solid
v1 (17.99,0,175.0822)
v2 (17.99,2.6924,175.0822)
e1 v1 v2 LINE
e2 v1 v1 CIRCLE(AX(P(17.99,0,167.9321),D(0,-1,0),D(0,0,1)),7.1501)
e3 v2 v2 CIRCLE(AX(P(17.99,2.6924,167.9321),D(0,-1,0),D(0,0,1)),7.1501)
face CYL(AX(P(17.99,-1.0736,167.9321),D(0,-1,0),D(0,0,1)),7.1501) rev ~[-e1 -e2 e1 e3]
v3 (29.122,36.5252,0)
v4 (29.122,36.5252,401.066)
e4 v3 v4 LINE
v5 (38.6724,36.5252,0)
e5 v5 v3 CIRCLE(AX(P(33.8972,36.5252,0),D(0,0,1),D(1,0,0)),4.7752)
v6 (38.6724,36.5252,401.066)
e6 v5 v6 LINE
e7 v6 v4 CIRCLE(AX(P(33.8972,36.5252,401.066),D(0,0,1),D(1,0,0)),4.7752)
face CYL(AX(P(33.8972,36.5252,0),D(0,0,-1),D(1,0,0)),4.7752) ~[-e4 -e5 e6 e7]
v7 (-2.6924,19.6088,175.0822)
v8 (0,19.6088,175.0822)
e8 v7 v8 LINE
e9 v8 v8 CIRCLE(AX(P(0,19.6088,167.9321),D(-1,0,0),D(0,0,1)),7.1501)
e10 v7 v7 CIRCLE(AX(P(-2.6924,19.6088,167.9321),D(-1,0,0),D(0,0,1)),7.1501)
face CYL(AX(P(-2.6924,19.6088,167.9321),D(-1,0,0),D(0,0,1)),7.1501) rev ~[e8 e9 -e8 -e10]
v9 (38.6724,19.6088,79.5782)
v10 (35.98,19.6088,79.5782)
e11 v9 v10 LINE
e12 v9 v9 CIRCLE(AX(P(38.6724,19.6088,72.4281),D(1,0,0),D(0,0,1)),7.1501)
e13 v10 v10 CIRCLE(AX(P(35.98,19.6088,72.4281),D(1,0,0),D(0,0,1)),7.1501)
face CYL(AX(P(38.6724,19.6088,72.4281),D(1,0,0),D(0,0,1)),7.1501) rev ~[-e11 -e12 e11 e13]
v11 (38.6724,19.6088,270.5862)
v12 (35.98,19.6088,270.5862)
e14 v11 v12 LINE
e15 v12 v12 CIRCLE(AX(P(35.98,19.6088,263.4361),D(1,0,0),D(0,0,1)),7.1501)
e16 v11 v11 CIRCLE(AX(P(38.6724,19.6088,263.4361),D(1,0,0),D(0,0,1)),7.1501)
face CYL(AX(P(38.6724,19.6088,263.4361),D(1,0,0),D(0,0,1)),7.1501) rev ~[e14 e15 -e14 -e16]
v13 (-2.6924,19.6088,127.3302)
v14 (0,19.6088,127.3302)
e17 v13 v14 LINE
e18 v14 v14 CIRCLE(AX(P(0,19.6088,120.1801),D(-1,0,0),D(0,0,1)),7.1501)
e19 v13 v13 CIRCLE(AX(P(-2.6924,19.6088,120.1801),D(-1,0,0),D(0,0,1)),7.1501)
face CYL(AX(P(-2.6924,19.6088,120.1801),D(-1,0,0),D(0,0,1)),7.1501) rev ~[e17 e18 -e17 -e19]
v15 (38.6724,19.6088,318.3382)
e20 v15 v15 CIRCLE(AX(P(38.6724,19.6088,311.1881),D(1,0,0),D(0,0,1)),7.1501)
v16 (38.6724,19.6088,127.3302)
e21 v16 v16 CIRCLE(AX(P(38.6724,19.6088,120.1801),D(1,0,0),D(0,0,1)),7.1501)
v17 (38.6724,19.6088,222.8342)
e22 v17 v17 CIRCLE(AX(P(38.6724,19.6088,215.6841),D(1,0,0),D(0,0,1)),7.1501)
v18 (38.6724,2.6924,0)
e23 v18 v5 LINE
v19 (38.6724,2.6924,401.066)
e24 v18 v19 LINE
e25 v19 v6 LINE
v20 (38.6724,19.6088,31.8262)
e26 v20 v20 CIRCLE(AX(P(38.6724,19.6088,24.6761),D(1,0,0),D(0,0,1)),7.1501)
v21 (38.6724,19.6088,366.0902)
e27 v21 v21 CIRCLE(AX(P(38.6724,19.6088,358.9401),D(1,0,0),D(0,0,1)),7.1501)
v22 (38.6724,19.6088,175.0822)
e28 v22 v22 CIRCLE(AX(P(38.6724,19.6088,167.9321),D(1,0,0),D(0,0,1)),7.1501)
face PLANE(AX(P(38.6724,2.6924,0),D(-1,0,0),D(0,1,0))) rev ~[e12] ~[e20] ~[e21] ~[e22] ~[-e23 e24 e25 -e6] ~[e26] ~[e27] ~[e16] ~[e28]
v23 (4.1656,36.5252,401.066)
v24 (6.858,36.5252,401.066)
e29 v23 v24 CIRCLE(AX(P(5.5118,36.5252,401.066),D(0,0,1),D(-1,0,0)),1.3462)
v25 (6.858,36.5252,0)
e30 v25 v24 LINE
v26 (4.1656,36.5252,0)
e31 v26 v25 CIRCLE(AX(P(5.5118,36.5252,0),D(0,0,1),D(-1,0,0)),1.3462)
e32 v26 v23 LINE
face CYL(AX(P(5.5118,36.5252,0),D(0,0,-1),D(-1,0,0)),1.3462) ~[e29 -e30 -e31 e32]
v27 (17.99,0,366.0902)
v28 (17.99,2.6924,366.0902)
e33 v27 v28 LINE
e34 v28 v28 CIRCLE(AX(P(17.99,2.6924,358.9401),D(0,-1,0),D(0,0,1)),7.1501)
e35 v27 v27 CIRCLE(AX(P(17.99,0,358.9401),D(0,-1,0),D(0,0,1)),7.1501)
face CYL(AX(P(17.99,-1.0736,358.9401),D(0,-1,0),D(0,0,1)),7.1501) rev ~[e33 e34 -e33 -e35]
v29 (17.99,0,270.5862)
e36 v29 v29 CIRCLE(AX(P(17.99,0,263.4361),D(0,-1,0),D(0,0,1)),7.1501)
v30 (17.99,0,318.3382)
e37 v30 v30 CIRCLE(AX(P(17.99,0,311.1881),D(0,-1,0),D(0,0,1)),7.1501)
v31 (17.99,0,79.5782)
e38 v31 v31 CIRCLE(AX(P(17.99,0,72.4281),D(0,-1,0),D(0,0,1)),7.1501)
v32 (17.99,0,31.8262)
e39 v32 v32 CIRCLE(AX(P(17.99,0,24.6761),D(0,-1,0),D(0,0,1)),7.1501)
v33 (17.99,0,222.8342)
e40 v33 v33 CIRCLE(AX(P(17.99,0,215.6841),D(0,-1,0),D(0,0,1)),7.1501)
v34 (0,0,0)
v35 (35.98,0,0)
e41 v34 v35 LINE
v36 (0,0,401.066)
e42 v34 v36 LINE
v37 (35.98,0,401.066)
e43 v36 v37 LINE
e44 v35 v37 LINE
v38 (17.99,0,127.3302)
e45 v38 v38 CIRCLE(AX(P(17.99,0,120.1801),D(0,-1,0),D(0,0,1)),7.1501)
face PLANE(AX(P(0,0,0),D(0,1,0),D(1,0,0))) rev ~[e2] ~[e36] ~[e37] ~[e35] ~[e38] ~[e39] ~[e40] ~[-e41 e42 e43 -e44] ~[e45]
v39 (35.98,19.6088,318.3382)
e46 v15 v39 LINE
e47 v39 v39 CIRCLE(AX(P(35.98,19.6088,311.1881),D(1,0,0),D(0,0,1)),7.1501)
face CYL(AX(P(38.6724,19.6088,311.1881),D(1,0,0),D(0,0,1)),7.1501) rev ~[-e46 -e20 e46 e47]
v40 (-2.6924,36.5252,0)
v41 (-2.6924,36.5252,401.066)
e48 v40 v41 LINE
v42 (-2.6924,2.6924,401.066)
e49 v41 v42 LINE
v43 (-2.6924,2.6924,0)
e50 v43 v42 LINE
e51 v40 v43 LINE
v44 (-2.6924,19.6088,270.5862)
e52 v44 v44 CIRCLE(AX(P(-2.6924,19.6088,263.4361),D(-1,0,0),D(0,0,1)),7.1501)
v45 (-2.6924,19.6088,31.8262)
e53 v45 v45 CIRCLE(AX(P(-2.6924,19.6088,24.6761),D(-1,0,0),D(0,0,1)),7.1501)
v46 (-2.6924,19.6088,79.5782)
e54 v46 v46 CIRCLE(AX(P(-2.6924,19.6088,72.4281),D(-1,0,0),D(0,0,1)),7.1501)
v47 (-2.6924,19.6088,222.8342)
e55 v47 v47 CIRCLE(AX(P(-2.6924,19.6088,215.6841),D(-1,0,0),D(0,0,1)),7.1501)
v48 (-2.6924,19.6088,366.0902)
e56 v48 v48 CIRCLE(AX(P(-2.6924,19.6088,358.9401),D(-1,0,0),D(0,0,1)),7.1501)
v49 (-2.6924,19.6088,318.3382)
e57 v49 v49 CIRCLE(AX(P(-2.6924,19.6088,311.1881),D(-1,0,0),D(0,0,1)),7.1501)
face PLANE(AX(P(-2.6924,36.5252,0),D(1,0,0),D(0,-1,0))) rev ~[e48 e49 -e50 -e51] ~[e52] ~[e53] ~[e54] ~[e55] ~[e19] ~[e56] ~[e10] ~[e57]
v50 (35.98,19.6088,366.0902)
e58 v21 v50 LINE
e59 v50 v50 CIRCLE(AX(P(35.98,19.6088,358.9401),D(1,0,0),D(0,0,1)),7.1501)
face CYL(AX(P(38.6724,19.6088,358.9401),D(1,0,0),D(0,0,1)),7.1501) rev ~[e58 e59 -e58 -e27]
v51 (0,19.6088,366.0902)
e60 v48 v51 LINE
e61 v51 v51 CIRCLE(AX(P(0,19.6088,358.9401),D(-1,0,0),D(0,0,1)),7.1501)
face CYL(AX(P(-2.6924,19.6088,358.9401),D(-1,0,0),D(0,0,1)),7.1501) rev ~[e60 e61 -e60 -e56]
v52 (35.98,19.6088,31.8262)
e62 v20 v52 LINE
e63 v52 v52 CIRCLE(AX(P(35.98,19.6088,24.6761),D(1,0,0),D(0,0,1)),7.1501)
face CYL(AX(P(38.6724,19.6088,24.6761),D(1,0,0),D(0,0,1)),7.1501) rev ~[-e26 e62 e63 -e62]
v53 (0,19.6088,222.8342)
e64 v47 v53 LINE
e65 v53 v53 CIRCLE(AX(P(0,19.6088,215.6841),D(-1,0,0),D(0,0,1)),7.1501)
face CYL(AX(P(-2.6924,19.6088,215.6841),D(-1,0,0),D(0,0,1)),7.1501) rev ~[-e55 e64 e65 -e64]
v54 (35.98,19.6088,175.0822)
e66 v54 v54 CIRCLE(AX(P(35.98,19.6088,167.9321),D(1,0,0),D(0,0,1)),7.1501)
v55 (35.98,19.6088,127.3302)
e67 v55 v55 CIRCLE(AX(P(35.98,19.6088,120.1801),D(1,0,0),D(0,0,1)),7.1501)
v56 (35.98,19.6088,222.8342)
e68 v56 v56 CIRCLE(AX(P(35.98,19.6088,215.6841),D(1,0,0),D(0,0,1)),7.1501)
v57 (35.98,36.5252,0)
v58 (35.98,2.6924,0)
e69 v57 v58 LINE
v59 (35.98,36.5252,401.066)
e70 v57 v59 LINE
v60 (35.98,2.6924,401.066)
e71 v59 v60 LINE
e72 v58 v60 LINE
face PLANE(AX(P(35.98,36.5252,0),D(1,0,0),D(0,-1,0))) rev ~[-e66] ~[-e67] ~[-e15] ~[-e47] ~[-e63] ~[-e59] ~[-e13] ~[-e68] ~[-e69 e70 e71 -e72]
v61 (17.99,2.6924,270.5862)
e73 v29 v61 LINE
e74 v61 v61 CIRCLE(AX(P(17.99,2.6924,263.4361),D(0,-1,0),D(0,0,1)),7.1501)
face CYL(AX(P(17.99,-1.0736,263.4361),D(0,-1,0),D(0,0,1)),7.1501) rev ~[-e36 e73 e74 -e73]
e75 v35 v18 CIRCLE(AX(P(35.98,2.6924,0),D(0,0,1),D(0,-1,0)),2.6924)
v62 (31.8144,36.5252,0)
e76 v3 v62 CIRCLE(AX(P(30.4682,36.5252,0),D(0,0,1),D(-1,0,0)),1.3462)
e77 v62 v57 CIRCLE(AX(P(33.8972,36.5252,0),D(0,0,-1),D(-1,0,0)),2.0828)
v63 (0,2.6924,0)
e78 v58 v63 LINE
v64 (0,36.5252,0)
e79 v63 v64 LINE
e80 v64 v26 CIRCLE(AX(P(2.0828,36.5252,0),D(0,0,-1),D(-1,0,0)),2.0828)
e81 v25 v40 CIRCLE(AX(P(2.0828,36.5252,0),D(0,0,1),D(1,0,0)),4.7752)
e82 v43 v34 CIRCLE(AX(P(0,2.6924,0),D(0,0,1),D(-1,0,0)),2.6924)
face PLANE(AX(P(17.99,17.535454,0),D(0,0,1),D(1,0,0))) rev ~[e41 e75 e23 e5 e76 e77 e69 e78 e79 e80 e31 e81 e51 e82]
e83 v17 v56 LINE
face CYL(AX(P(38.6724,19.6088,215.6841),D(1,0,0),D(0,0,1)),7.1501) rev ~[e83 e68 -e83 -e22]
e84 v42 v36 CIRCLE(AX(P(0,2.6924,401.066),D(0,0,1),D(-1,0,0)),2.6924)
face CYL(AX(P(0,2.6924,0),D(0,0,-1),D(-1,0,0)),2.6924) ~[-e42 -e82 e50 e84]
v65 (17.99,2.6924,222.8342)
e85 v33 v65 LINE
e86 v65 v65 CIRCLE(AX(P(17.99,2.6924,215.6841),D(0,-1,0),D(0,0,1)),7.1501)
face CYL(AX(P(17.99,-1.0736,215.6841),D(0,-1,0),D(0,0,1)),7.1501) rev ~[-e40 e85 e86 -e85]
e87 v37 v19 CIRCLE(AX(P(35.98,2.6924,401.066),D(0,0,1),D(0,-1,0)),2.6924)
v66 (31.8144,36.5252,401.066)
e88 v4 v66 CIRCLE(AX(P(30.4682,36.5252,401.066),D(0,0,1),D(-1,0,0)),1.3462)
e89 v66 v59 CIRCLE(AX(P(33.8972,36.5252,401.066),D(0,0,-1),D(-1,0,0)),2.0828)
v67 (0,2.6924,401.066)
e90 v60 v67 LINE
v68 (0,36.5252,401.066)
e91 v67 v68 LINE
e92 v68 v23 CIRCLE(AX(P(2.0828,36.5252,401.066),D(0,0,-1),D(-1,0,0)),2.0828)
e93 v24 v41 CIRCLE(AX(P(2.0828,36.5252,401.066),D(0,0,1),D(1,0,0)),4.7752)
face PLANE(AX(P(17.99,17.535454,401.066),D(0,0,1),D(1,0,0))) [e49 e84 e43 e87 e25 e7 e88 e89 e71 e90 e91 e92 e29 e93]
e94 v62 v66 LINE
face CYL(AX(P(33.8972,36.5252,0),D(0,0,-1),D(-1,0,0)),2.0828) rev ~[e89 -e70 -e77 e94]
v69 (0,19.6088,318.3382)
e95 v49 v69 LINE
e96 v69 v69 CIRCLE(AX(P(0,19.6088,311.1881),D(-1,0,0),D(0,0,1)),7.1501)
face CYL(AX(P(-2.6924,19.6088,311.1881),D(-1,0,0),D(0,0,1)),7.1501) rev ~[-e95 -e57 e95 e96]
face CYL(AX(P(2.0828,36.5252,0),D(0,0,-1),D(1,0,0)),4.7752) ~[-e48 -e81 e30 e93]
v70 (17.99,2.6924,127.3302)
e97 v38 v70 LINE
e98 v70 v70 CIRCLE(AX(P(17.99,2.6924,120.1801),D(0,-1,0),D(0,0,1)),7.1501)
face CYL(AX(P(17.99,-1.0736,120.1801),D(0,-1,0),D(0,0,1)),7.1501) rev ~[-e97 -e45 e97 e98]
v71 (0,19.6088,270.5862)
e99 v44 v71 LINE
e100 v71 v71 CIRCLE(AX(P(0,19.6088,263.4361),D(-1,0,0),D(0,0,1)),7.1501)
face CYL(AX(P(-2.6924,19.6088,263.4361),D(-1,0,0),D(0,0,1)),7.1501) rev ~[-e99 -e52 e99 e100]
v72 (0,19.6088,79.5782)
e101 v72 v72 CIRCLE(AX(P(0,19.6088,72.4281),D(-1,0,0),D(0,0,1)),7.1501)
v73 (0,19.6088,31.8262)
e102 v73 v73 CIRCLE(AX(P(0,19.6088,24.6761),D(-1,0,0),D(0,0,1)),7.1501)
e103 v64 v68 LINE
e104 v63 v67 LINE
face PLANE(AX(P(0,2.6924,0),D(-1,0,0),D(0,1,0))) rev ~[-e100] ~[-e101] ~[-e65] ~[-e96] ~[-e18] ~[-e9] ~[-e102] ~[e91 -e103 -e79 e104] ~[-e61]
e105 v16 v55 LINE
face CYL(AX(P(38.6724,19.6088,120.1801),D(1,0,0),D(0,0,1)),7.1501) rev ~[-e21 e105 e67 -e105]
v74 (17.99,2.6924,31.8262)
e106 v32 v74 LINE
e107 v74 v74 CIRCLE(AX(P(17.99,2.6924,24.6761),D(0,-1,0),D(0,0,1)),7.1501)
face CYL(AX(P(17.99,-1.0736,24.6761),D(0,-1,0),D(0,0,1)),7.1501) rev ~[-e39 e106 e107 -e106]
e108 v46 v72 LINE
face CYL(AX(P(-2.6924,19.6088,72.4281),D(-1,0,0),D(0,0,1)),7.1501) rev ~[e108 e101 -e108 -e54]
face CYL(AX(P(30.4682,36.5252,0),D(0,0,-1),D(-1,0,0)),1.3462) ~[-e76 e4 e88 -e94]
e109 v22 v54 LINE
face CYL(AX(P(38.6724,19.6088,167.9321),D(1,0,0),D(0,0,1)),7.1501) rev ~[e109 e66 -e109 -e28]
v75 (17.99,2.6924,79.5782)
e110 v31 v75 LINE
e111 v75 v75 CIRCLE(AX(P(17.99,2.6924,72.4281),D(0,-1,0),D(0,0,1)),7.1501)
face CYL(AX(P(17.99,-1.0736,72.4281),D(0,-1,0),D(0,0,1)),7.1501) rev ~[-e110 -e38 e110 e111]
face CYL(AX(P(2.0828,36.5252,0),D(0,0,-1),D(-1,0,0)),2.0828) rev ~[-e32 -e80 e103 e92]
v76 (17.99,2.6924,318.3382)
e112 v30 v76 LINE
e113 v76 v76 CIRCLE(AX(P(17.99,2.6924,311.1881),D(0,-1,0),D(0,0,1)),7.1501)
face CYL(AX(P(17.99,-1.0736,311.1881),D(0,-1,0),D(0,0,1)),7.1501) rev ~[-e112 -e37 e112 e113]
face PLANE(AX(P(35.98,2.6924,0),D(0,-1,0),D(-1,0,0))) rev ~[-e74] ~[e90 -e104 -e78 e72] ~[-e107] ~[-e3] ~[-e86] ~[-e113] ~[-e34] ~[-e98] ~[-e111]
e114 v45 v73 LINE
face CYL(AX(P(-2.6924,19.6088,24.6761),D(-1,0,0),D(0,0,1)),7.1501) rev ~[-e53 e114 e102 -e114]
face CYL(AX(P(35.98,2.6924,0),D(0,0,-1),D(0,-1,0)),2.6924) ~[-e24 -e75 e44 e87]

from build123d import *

# Parameters (mm, degrees)
EXTRUDE_1_DEPTH                     = 401.066
SKETCH_2_R                          = 7.1501
CUT_EXTRUDE_1_DEPTH                 = 5.08
PATTERN_LINEAR_1_COUNT              = 8
PATTERN_LINEAR_1_PITCH              = 47.752
PATTERN_CIRCULAR_2_COUNT            = 3
PATTERN_CIRCULAR_2_ANGLE            = 180
PATTERN_CIRCULAR_2_COPY_1_SKETCH_R  = 7.1501
PATTERN_CIRCULAR_2_COPY_1_DEPTH     = 5.08
PATTERN_CIRCULAR_2_COPY_2_SKETCH_R  = 7.1501
PATTERN_CIRCULAR_2_COPY_2_DEPTH     = 5.08
PATTERN_CIRCULAR_2_COPY_3_SKETCH_R  = 7.1501
PATTERN_CIRCULAR_2_COPY_3_DEPTH     = 5.08
PATTERN_CIRCULAR_2_COPY_4_SKETCH_R  = 7.1501
PATTERN_CIRCULAR_2_COPY_4_DEPTH     = 5.08
PATTERN_CIRCULAR_2_COPY_5_SKETCH_R  = 7.1501
PATTERN_CIRCULAR_2_COPY_5_DEPTH     = 5.08
PATTERN_CIRCULAR_2_COPY_6_SKETCH_R  = 7.1501
PATTERN_CIRCULAR_2_COPY_6_DEPTH     = 5.08
PATTERN_CIRCULAR_2_COPY_7_SKETCH_R  = 7.1501
PATTERN_CIRCULAR_2_COPY_7_DEPTH     = 5.08
PATTERN_CIRCULAR_2_COPY_8_SKETCH_R  = 7.1501
PATTERN_CIRCULAR_2_COPY_8_DEPTH     = 5.08
PATTERN_CIRCULAR_2_COPY_9_SKETCH_R  = 7.1501
PATTERN_CIRCULAR_2_COPY_9_DEPTH     = 5.08
PATTERN_CIRCULAR_2_COPY_10_SKETCH_R = 7.1501
PATTERN_CIRCULAR_2_COPY_10_DEPTH    = 5.08
PATTERN_CIRCULAR_2_COPY_11_SKETCH_R = 7.1501
PATTERN_CIRCULAR_2_COPY_11_DEPTH    = 5.08
PATTERN_CIRCULAR_2_COPY_12_SKETCH_R = 7.1501
PATTERN_CIRCULAR_2_COPY_12_DEPTH    = 5.08
PATTERN_CIRCULAR_2_COPY_13_SKETCH_R = 7.1501
PATTERN_CIRCULAR_2_COPY_13_DEPTH    = 5.08
PATTERN_CIRCULAR_2_COPY_14_SKETCH_R = 7.1501
PATTERN_CIRCULAR_2_COPY_14_DEPTH    = 5.08


with BuildPart() as part:
    # 草图1 → 凸台-拉伸1 (new body)
    with BuildSketch(Plane.XY):
        with BuildLine():
            Line((0, 0), (35.98, 0))
            ThreePointArc((35.98, 0), (37.883814298, 0.788585702), (38.6724, 2.6924))
            Line((38.6724, 2.6924), (38.6724, 36.5252))
            ThreePointArc((38.6724, 36.5252), (33.8972, 41.3004), (29.122, 36.5252))
            ThreePointArc((29.122, 36.5252), (30.4682, 35.179), (31.8144, 36.5252))
            ThreePointArc((31.8144, 36.5252), (33.8972, 38.608), (35.98, 36.5252))
            Line((35.98, 36.5252), (35.98, 2.6924))
            Line((35.98, 2.6924), (0, 2.6924))
            Line((0, 2.6924), (0, 36.5252))
            ThreePointArc((0, 36.5252), (2.0828, 38.608), (4.1656, 36.5252))
            ThreePointArc((4.1656, 36.5252), (5.5118, 35.179), (6.858, 36.5252))
            ThreePointArc((6.858, 36.5252), (2.0828, 41.3004), (-2.6924, 36.5252))
            Line((-2.6924, 36.5252), (-2.6924, 2.6924))
            ThreePointArc((-2.6924, 2.6924), (-1.903814298, 0.788585702), (0, 0))
        make_face()
    extrude(amount=EXTRUDE_1_DEPTH)

    # 草图2 → 切除-拉伸1 (cut)
    with BuildSketch(Plane.ZY.offset(2.6924)):
        with Locations((24.6761, 19.6088)):
            Circle(SKETCH_2_R)
    cut_extrude_1 = extrude(amount=-CUT_EXTRUDE_1_DEPTH, mode=Mode.SUBTRACT)

    # 阵列(线性)1: 切除-拉伸1 ×8
    with Locations(*[(0, 0, i * PATTERN_LINEAR_1_PITCH) for i in range(1, PATTERN_LINEAR_1_COUNT)]):
        add(cut_extrude_1, mode=Mode.SUBTRACT)

    # 阵列(圆周)2: 切除-拉伸1 ×3 about axis
    pattern_circular_2_axis = Axis((17.99, 19.6088, 0), (0, 0, 1))
    for i in range(1, PATTERN_CIRCULAR_2_COUNT):
        add(cut_extrude_1.rotate(pattern_circular_2_axis, i * PATTERN_CIRCULAR_2_ANGLE / (PATTERN_CIRCULAR_2_COUNT - 1)), mode=Mode.SUBTRACT)

    # 阵列(圆周)2 copy 1 sketch → 阵列(圆周)2 copy 1 (cut)
    with BuildSketch(Plane(origin=(37.5988, -1.0736, 47.752), x_dir=(0, 0, 1), z_dir=(0, -1, 0))):
        with Locations((24.6761, 19.6088)):
            Circle(PATTERN_CIRCULAR_2_COPY_1_SKETCH_R)
    extrude(amount=-PATTERN_CIRCULAR_2_COPY_1_DEPTH, mode=Mode.SUBTRACT)

    # 阵列(圆周)2 copy 2 sketch → 阵列(圆周)2 copy 2 (cut)
    with BuildSketch(Plane(origin=(38.6724, 39.2176, 47.752), x_dir=(0, 0, 1), z_dir=(1, 0, 0))):
        with Locations((24.6761, 19.6088)):
            Circle(PATTERN_CIRCULAR_2_COPY_2_SKETCH_R)
    extrude(amount=-PATTERN_CIRCULAR_2_COPY_2_DEPTH, mode=Mode.SUBTRACT)

    # 阵列(圆周)2 copy 3 sketch → 阵列(圆周)2 copy 3 (cut)
    with BuildSketch(Plane(origin=(37.5988, -1.0736, 95.504), x_dir=(0, 0, 1), z_dir=(0, -1, 0))):
        with Locations((24.6761, 19.6088)):
            Circle(PATTERN_CIRCULAR_2_COPY_3_SKETCH_R)
    extrude(amount=-PATTERN_CIRCULAR_2_COPY_3_DEPTH, mode=Mode.SUBTRACT)

    # 阵列(圆周)2 copy 4 sketch → 阵列(圆周)2 copy 4 (cut)
    with BuildSketch(Plane(origin=(38.6724, 39.2176, 95.504), x_dir=(0, 0, 1), z_dir=(1, 0, 0))):
        with Locations((24.6761, 19.6088)):
            Circle(PATTERN_CIRCULAR_2_COPY_4_SKETCH_R)
    extrude(amount=-PATTERN_CIRCULAR_2_COPY_4_DEPTH, mode=Mode.SUBTRACT)

    # 阵列(圆周)2 copy 5 sketch → 阵列(圆周)2 copy 5 (cut)
    with BuildSketch(Plane(origin=(37.5988, -1.0736, 143.256), x_dir=(0, 0, 1), z_dir=(0, -1, 0))):
        with Locations((24.6761, 19.6088)):
            Circle(PATTERN_CIRCULAR_2_COPY_5_SKETCH_R)
    extrude(amount=-PATTERN_CIRCULAR_2_COPY_5_DEPTH, mode=Mode.SUBTRACT)

    # 阵列(圆周)2 copy 6 sketch → 阵列(圆周)2 copy 6 (cut)
    with BuildSketch(Plane(origin=(38.6724, 39.2176, 143.256), x_dir=(0, 0, 1), z_dir=(1, 0, 0))):
        with Locations((24.6761, 19.6088)):
            Circle(PATTERN_CIRCULAR_2_COPY_6_SKETCH_R)
    extrude(amount=-PATTERN_CIRCULAR_2_COPY_6_DEPTH, mode=Mode.SUBTRACT)

    # 阵列(圆周)2 copy 7 sketch → 阵列(圆周)2 copy 7 (cut)
    with BuildSketch(Plane(origin=(37.5988, -1.0736, 191.008), x_dir=(0, 0, 1), z_dir=(0, -1, 0))):
        with Locations((24.6761, 19.6088)):
            Circle(PATTERN_CIRCULAR_2_COPY_7_SKETCH_R)
    extrude(amount=-PATTERN_CIRCULAR_2_COPY_7_DEPTH, mode=Mode.SUBTRACT)

    # 阵列(圆周)2 copy 8 sketch → 阵列(圆周)2 copy 8 (cut)
    with BuildSketch(Plane(origin=(38.6724, 39.2176, 191.008), x_dir=(0, 0, 1), z_dir=(1, 0, 0))):
        with Locations((24.6761, 19.6088)):
            Circle(PATTERN_CIRCULAR_2_COPY_8_SKETCH_R)
    extrude(amount=-PATTERN_CIRCULAR_2_COPY_8_DEPTH, mode=Mode.SUBTRACT)

    # 阵列(圆周)2 copy 9 sketch → 阵列(圆周)2 copy 9 (cut)
    with BuildSketch(Plane(origin=(37.5988, -1.0736, 238.76), x_dir=(0, 0, 1), z_dir=(0, -1, 0))):
        with Locations((24.6761, 19.6088)):
            Circle(PATTERN_CIRCULAR_2_COPY_9_SKETCH_R)
    extrude(amount=-PATTERN_CIRCULAR_2_COPY_9_DEPTH, mode=Mode.SUBTRACT)

    # 阵列(圆周)2 copy 10 sketch → 阵列(圆周)2 copy 10 (cut)
    with BuildSketch(Plane(origin=(38.6724, 39.2176, 238.76), x_dir=(0, 0, 1), z_dir=(1, 0, 0))):
        with Locations((24.6761, 19.6088)):
            Circle(PATTERN_CIRCULAR_2_COPY_10_SKETCH_R)
    extrude(amount=-PATTERN_CIRCULAR_2_COPY_10_DEPTH, mode=Mode.SUBTRACT)

    # 阵列(圆周)2 copy 11 sketch → 阵列(圆周)2 copy 11 (cut)
    with BuildSketch(Plane(origin=(37.5988, -1.0736, 286.512), x_dir=(0, 0, 1), z_dir=(0, -1, 0))):
        with Locations((24.6761, 19.6088)):
            Circle(PATTERN_CIRCULAR_2_COPY_11_SKETCH_R)
    extrude(amount=-PATTERN_CIRCULAR_2_COPY_11_DEPTH, mode=Mode.SUBTRACT)

    # 阵列(圆周)2 copy 12 sketch → 阵列(圆周)2 copy 12 (cut)
    with BuildSketch(Plane(origin=(38.6724, 39.2176, 286.512), x_dir=(0, 0, 1), z_dir=(1, 0, 0))):
        with Locations((24.6761, 19.6088)):
            Circle(PATTERN_CIRCULAR_2_COPY_12_SKETCH_R)
    extrude(amount=-PATTERN_CIRCULAR_2_COPY_12_DEPTH, mode=Mode.SUBTRACT)

    # 阵列(圆周)2 copy 13 sketch → 阵列(圆周)2 copy 13 (cut)
    with BuildSketch(Plane(origin=(37.5988, -1.0736, 334.264), x_dir=(0, 0, 1), z_dir=(0, -1, 0))):
        with Locations((24.6761, 19.6088)):
            Circle(PATTERN_CIRCULAR_2_COPY_13_SKETCH_R)
    extrude(amount=-PATTERN_CIRCULAR_2_COPY_13_DEPTH, mode=Mode.SUBTRACT)

    # 阵列(圆周)2 copy 14 sketch → 阵列(圆周)2 copy 14 (cut)
    with BuildSketch(Plane(origin=(38.6724, 39.2176, 334.264), x_dir=(0, 0, 1), z_dir=(1, 0, 0))):
        with Locations((24.6761, 19.6088)):
            Circle(PATTERN_CIRCULAR_2_COPY_14_SKETCH_R)
    extrude(amount=-PATTERN_CIRCULAR_2_COPY_14_DEPTH, mode=Mode.SUBTRACT)


solid = part.part
